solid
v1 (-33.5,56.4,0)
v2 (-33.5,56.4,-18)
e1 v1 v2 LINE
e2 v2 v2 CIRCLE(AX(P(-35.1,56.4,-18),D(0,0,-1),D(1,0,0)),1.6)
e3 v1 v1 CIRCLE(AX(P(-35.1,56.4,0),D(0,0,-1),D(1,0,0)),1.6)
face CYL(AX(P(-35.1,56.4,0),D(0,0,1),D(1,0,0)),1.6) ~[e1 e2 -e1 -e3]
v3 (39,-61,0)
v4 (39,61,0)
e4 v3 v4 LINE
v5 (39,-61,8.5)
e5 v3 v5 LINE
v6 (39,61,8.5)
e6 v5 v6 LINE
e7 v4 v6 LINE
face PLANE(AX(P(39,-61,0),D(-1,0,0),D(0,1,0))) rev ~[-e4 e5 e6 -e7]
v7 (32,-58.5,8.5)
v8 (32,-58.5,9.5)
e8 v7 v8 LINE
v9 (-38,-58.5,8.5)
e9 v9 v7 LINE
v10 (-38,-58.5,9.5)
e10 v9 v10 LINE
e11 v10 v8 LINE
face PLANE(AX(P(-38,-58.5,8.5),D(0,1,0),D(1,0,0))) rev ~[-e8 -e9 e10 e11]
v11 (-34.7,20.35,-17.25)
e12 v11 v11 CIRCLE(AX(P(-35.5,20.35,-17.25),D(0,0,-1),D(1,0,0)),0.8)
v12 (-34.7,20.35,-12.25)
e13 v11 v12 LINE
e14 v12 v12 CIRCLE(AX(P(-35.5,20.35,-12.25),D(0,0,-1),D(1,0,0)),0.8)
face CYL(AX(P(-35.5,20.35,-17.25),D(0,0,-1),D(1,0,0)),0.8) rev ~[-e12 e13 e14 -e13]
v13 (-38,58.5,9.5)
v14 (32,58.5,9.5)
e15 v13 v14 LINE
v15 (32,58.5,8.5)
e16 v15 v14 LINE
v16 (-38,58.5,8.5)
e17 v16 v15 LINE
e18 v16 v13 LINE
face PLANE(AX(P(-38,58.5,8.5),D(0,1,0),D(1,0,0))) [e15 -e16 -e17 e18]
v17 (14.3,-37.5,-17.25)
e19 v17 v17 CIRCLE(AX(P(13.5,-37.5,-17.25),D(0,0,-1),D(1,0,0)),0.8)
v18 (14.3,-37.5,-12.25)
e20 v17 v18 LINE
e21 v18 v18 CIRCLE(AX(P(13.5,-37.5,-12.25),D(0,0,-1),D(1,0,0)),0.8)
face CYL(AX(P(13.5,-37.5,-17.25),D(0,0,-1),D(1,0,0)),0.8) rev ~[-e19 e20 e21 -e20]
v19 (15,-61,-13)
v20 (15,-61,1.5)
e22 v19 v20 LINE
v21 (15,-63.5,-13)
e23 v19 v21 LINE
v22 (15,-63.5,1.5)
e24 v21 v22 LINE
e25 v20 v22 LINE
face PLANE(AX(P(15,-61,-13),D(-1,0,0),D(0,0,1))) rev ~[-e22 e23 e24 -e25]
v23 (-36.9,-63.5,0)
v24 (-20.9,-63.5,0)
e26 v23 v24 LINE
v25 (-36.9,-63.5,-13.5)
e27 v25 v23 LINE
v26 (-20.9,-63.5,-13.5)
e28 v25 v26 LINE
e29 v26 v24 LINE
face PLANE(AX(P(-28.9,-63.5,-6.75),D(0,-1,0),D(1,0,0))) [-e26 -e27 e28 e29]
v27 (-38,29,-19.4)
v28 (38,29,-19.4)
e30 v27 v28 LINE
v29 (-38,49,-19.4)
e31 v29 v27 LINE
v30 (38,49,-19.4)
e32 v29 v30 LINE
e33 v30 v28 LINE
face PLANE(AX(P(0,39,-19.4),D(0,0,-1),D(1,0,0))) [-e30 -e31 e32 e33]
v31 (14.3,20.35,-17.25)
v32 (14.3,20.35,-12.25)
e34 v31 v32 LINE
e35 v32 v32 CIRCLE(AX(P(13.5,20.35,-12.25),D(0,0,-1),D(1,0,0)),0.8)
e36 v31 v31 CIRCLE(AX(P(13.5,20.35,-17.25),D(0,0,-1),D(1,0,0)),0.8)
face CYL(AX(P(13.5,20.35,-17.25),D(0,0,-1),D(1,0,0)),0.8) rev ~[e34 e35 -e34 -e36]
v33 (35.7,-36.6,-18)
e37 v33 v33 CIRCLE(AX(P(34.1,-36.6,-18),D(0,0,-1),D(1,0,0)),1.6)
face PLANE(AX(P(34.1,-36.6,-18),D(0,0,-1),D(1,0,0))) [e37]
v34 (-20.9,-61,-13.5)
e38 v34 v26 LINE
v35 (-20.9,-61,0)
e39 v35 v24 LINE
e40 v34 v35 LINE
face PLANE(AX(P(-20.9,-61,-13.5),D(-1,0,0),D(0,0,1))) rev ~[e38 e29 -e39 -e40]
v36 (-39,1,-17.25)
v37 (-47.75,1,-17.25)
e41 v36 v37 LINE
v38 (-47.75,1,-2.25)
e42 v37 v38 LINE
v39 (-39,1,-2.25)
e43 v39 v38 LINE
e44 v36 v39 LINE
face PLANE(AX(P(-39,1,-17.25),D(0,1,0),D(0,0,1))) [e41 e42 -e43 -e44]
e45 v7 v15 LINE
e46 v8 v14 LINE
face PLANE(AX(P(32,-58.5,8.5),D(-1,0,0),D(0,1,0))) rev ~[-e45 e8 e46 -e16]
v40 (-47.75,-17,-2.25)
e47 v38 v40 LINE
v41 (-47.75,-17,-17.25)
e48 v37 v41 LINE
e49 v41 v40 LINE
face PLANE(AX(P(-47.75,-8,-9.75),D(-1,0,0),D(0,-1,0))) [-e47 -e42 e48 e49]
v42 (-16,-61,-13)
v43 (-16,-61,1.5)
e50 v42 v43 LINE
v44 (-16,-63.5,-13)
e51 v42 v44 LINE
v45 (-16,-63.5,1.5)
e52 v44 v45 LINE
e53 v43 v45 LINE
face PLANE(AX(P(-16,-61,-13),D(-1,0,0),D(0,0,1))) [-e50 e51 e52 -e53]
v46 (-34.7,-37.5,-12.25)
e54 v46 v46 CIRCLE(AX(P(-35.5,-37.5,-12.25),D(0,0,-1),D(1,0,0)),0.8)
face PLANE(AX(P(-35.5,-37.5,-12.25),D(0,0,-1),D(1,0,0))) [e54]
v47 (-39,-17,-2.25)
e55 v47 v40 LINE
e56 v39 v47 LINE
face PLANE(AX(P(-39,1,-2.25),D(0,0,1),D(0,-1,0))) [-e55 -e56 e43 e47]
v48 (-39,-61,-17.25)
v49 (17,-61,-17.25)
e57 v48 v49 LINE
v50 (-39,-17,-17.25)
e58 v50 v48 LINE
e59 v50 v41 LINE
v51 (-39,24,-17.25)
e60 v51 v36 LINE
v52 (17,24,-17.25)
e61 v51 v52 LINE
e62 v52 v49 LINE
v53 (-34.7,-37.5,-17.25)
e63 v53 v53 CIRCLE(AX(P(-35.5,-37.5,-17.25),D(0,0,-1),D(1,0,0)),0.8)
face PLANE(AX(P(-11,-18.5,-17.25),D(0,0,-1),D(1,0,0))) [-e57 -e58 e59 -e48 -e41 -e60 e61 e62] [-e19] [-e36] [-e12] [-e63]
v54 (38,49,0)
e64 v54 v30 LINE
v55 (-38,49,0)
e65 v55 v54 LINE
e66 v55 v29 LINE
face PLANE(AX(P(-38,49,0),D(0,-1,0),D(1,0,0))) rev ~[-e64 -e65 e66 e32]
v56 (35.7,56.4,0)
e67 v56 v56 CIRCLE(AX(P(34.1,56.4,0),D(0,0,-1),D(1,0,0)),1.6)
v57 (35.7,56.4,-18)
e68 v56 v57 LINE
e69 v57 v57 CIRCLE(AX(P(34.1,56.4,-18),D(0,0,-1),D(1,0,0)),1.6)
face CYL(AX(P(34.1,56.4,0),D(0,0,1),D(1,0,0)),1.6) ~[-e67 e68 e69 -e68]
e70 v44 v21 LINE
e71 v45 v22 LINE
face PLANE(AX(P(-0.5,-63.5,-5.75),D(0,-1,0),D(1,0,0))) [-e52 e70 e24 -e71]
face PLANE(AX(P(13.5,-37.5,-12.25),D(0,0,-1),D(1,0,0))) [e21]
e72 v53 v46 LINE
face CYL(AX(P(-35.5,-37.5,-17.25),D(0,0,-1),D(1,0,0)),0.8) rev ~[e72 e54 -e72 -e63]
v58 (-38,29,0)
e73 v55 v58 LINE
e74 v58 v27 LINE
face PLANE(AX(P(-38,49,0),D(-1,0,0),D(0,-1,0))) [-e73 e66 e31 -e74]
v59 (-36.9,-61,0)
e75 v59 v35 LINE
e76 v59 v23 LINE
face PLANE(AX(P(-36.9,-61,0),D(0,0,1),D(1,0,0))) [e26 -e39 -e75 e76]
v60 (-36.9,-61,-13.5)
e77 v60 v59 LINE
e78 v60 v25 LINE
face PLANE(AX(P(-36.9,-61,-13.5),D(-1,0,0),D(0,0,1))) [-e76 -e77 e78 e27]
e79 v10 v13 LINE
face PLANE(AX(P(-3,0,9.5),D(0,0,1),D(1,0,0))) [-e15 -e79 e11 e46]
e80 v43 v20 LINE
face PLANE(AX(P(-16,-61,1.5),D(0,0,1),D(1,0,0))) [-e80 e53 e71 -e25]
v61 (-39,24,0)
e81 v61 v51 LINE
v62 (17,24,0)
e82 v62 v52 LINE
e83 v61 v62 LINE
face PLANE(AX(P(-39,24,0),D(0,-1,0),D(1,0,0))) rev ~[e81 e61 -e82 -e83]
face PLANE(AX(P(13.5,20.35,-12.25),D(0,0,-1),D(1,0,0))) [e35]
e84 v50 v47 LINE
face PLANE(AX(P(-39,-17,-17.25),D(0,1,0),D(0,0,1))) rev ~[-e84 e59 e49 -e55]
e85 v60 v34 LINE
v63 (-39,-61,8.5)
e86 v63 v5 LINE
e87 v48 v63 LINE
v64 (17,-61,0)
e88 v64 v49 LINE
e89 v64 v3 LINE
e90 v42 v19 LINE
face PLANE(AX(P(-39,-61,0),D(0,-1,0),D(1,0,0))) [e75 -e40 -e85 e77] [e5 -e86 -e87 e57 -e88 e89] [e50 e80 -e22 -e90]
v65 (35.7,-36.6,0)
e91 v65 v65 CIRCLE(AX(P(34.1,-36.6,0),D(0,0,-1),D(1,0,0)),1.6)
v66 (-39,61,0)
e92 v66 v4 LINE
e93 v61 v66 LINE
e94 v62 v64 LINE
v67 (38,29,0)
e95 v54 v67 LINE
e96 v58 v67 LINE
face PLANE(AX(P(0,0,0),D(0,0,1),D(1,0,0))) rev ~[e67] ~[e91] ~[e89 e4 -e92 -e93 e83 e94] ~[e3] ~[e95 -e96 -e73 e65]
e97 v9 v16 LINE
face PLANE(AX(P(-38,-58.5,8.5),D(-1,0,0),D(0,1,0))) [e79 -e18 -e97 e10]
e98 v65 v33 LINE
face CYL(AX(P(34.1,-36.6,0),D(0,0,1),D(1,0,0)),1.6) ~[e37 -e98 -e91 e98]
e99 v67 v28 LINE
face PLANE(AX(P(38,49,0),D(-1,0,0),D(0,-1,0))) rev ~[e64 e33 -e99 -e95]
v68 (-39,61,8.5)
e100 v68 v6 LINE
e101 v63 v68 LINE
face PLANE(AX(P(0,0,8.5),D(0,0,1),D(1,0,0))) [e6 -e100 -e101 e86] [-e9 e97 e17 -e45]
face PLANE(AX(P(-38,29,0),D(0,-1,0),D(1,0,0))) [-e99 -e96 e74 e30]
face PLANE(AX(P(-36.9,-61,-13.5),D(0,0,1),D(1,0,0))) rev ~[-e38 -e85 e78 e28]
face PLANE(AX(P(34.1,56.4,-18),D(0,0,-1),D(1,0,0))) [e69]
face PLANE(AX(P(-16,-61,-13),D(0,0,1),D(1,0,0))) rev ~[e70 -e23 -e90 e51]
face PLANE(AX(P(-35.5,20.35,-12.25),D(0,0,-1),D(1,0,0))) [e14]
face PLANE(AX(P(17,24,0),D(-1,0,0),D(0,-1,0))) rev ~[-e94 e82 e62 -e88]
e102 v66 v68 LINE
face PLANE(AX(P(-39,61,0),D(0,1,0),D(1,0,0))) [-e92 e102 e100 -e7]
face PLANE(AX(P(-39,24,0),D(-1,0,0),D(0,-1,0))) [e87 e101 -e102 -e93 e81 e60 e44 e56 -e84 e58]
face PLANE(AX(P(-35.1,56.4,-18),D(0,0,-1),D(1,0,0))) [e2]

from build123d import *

# Parameters (mm, degrees)
F0_W      = 78
F0_H      = 122
F1_DEPTH  = 8.5
F2_W      = 70
F2_H      = 117
F3_DEPTH  = 1
F4_W      = 56
F4_H      = 85
F5_DEPTH  = 17.25
F6_W      = 18
F6_H      = 15
F7_DEPTH  = 8.75
F8_W      = 16
F8_H      = 13.5
F8_W_2    = 31
F8_H_2    = 14.5
F9_DEPTH  = 2.5
F10_R     = 0.8
F11_DEPTH = 5
F12_R     = 1.6
F13_DEPTH = 18
F14_W     = 76
F14_H     = 20
F15_DEPTH = 19.4


with BuildPart() as f1:
    # F0 (on Top) → F1 (new body)
    with BuildSketch(Plane.XY):
        Rectangle(F0_W, F0_H)
    extrude(amount=F1_DEPTH)

    # F2 (on face) → F3 (join)
    with BuildSketch(Plane.XY.offset(8.5)):
        with Locations((-3, 0)):
            Rectangle(F2_W, F2_H)
    extrude(amount=F3_DEPTH)

    # F4 (on face) → F5 (join)
    with BuildSketch(Plane(origin=(0, 0, 0), x_dir=(1, 0, 0), z_dir=(0, 0, -1))):
        with Locations((-11, 18.5)):
            Rectangle(F4_W, F4_H)
    extrude(amount=F5_DEPTH)

    # F6 (on face) → F7 (join)
    with BuildSketch(Plane(origin=(-39, 0, 0), x_dir=(0, -1, 0), z_dir=(-1, 0, 0))):
        with Locations((8, -9.75)):
            Rectangle(F6_W, F6_H)
    extrude(amount=F7_DEPTH)

    # F8 (on face) → F9 (join)
    with BuildSketch(Plane.XZ.offset(61)):
        with Locations((-28.9, -6.75)):
            Rectangle(F8_W, F8_H)
        with Locations((-0.5, -5.75)):
            Rectangle(F8_W_2, F8_H_2)
    extrude(amount=F9_DEPTH)

    # F10 (on face) → F11 (cut)
    with BuildSketch(Plane(origin=(0, 0, -17.25), x_dir=(1, 0, 0), z_dir=(0, 0, -1))):
        with Locations((13.5, 37.5)):
            Circle(F10_R)
        with Locations((-35.5, 37.5)):
            Circle(F10_R)
        with Locations((-35.5, -20.35)):
            Circle(F10_R)
        with Locations((13.5, -20.35)):
            Circle(F10_R)
    extrude(amount=-F11_DEPTH, mode=Mode.SUBTRACT)

    # F12 (on face) → F13 (join)
    with BuildSketch(Plane(origin=(0, 0, 0), x_dir=(1, 0, 0), z_dir=(0, 0, -1))):
        with Locations((-35.1, -56.4)):
            Circle(F12_R)
        with Locations((34.1, -56.4)):
            Circle(F12_R)
        with Locations((34.1, 36.6)):
            Circle(F12_R)
    extrude(amount=F13_DEPTH)

    # F14 (on face) → F15 (join)
    with BuildSketch(Plane(origin=(0, 0, 0), x_dir=(1, 0, 0), z_dir=(0, 0, -1))):
        with Locations((0, -39)):
            Rectangle(F14_W, F14_H)
    extrude(amount=F15_DEPTH)


solid = f1.part
